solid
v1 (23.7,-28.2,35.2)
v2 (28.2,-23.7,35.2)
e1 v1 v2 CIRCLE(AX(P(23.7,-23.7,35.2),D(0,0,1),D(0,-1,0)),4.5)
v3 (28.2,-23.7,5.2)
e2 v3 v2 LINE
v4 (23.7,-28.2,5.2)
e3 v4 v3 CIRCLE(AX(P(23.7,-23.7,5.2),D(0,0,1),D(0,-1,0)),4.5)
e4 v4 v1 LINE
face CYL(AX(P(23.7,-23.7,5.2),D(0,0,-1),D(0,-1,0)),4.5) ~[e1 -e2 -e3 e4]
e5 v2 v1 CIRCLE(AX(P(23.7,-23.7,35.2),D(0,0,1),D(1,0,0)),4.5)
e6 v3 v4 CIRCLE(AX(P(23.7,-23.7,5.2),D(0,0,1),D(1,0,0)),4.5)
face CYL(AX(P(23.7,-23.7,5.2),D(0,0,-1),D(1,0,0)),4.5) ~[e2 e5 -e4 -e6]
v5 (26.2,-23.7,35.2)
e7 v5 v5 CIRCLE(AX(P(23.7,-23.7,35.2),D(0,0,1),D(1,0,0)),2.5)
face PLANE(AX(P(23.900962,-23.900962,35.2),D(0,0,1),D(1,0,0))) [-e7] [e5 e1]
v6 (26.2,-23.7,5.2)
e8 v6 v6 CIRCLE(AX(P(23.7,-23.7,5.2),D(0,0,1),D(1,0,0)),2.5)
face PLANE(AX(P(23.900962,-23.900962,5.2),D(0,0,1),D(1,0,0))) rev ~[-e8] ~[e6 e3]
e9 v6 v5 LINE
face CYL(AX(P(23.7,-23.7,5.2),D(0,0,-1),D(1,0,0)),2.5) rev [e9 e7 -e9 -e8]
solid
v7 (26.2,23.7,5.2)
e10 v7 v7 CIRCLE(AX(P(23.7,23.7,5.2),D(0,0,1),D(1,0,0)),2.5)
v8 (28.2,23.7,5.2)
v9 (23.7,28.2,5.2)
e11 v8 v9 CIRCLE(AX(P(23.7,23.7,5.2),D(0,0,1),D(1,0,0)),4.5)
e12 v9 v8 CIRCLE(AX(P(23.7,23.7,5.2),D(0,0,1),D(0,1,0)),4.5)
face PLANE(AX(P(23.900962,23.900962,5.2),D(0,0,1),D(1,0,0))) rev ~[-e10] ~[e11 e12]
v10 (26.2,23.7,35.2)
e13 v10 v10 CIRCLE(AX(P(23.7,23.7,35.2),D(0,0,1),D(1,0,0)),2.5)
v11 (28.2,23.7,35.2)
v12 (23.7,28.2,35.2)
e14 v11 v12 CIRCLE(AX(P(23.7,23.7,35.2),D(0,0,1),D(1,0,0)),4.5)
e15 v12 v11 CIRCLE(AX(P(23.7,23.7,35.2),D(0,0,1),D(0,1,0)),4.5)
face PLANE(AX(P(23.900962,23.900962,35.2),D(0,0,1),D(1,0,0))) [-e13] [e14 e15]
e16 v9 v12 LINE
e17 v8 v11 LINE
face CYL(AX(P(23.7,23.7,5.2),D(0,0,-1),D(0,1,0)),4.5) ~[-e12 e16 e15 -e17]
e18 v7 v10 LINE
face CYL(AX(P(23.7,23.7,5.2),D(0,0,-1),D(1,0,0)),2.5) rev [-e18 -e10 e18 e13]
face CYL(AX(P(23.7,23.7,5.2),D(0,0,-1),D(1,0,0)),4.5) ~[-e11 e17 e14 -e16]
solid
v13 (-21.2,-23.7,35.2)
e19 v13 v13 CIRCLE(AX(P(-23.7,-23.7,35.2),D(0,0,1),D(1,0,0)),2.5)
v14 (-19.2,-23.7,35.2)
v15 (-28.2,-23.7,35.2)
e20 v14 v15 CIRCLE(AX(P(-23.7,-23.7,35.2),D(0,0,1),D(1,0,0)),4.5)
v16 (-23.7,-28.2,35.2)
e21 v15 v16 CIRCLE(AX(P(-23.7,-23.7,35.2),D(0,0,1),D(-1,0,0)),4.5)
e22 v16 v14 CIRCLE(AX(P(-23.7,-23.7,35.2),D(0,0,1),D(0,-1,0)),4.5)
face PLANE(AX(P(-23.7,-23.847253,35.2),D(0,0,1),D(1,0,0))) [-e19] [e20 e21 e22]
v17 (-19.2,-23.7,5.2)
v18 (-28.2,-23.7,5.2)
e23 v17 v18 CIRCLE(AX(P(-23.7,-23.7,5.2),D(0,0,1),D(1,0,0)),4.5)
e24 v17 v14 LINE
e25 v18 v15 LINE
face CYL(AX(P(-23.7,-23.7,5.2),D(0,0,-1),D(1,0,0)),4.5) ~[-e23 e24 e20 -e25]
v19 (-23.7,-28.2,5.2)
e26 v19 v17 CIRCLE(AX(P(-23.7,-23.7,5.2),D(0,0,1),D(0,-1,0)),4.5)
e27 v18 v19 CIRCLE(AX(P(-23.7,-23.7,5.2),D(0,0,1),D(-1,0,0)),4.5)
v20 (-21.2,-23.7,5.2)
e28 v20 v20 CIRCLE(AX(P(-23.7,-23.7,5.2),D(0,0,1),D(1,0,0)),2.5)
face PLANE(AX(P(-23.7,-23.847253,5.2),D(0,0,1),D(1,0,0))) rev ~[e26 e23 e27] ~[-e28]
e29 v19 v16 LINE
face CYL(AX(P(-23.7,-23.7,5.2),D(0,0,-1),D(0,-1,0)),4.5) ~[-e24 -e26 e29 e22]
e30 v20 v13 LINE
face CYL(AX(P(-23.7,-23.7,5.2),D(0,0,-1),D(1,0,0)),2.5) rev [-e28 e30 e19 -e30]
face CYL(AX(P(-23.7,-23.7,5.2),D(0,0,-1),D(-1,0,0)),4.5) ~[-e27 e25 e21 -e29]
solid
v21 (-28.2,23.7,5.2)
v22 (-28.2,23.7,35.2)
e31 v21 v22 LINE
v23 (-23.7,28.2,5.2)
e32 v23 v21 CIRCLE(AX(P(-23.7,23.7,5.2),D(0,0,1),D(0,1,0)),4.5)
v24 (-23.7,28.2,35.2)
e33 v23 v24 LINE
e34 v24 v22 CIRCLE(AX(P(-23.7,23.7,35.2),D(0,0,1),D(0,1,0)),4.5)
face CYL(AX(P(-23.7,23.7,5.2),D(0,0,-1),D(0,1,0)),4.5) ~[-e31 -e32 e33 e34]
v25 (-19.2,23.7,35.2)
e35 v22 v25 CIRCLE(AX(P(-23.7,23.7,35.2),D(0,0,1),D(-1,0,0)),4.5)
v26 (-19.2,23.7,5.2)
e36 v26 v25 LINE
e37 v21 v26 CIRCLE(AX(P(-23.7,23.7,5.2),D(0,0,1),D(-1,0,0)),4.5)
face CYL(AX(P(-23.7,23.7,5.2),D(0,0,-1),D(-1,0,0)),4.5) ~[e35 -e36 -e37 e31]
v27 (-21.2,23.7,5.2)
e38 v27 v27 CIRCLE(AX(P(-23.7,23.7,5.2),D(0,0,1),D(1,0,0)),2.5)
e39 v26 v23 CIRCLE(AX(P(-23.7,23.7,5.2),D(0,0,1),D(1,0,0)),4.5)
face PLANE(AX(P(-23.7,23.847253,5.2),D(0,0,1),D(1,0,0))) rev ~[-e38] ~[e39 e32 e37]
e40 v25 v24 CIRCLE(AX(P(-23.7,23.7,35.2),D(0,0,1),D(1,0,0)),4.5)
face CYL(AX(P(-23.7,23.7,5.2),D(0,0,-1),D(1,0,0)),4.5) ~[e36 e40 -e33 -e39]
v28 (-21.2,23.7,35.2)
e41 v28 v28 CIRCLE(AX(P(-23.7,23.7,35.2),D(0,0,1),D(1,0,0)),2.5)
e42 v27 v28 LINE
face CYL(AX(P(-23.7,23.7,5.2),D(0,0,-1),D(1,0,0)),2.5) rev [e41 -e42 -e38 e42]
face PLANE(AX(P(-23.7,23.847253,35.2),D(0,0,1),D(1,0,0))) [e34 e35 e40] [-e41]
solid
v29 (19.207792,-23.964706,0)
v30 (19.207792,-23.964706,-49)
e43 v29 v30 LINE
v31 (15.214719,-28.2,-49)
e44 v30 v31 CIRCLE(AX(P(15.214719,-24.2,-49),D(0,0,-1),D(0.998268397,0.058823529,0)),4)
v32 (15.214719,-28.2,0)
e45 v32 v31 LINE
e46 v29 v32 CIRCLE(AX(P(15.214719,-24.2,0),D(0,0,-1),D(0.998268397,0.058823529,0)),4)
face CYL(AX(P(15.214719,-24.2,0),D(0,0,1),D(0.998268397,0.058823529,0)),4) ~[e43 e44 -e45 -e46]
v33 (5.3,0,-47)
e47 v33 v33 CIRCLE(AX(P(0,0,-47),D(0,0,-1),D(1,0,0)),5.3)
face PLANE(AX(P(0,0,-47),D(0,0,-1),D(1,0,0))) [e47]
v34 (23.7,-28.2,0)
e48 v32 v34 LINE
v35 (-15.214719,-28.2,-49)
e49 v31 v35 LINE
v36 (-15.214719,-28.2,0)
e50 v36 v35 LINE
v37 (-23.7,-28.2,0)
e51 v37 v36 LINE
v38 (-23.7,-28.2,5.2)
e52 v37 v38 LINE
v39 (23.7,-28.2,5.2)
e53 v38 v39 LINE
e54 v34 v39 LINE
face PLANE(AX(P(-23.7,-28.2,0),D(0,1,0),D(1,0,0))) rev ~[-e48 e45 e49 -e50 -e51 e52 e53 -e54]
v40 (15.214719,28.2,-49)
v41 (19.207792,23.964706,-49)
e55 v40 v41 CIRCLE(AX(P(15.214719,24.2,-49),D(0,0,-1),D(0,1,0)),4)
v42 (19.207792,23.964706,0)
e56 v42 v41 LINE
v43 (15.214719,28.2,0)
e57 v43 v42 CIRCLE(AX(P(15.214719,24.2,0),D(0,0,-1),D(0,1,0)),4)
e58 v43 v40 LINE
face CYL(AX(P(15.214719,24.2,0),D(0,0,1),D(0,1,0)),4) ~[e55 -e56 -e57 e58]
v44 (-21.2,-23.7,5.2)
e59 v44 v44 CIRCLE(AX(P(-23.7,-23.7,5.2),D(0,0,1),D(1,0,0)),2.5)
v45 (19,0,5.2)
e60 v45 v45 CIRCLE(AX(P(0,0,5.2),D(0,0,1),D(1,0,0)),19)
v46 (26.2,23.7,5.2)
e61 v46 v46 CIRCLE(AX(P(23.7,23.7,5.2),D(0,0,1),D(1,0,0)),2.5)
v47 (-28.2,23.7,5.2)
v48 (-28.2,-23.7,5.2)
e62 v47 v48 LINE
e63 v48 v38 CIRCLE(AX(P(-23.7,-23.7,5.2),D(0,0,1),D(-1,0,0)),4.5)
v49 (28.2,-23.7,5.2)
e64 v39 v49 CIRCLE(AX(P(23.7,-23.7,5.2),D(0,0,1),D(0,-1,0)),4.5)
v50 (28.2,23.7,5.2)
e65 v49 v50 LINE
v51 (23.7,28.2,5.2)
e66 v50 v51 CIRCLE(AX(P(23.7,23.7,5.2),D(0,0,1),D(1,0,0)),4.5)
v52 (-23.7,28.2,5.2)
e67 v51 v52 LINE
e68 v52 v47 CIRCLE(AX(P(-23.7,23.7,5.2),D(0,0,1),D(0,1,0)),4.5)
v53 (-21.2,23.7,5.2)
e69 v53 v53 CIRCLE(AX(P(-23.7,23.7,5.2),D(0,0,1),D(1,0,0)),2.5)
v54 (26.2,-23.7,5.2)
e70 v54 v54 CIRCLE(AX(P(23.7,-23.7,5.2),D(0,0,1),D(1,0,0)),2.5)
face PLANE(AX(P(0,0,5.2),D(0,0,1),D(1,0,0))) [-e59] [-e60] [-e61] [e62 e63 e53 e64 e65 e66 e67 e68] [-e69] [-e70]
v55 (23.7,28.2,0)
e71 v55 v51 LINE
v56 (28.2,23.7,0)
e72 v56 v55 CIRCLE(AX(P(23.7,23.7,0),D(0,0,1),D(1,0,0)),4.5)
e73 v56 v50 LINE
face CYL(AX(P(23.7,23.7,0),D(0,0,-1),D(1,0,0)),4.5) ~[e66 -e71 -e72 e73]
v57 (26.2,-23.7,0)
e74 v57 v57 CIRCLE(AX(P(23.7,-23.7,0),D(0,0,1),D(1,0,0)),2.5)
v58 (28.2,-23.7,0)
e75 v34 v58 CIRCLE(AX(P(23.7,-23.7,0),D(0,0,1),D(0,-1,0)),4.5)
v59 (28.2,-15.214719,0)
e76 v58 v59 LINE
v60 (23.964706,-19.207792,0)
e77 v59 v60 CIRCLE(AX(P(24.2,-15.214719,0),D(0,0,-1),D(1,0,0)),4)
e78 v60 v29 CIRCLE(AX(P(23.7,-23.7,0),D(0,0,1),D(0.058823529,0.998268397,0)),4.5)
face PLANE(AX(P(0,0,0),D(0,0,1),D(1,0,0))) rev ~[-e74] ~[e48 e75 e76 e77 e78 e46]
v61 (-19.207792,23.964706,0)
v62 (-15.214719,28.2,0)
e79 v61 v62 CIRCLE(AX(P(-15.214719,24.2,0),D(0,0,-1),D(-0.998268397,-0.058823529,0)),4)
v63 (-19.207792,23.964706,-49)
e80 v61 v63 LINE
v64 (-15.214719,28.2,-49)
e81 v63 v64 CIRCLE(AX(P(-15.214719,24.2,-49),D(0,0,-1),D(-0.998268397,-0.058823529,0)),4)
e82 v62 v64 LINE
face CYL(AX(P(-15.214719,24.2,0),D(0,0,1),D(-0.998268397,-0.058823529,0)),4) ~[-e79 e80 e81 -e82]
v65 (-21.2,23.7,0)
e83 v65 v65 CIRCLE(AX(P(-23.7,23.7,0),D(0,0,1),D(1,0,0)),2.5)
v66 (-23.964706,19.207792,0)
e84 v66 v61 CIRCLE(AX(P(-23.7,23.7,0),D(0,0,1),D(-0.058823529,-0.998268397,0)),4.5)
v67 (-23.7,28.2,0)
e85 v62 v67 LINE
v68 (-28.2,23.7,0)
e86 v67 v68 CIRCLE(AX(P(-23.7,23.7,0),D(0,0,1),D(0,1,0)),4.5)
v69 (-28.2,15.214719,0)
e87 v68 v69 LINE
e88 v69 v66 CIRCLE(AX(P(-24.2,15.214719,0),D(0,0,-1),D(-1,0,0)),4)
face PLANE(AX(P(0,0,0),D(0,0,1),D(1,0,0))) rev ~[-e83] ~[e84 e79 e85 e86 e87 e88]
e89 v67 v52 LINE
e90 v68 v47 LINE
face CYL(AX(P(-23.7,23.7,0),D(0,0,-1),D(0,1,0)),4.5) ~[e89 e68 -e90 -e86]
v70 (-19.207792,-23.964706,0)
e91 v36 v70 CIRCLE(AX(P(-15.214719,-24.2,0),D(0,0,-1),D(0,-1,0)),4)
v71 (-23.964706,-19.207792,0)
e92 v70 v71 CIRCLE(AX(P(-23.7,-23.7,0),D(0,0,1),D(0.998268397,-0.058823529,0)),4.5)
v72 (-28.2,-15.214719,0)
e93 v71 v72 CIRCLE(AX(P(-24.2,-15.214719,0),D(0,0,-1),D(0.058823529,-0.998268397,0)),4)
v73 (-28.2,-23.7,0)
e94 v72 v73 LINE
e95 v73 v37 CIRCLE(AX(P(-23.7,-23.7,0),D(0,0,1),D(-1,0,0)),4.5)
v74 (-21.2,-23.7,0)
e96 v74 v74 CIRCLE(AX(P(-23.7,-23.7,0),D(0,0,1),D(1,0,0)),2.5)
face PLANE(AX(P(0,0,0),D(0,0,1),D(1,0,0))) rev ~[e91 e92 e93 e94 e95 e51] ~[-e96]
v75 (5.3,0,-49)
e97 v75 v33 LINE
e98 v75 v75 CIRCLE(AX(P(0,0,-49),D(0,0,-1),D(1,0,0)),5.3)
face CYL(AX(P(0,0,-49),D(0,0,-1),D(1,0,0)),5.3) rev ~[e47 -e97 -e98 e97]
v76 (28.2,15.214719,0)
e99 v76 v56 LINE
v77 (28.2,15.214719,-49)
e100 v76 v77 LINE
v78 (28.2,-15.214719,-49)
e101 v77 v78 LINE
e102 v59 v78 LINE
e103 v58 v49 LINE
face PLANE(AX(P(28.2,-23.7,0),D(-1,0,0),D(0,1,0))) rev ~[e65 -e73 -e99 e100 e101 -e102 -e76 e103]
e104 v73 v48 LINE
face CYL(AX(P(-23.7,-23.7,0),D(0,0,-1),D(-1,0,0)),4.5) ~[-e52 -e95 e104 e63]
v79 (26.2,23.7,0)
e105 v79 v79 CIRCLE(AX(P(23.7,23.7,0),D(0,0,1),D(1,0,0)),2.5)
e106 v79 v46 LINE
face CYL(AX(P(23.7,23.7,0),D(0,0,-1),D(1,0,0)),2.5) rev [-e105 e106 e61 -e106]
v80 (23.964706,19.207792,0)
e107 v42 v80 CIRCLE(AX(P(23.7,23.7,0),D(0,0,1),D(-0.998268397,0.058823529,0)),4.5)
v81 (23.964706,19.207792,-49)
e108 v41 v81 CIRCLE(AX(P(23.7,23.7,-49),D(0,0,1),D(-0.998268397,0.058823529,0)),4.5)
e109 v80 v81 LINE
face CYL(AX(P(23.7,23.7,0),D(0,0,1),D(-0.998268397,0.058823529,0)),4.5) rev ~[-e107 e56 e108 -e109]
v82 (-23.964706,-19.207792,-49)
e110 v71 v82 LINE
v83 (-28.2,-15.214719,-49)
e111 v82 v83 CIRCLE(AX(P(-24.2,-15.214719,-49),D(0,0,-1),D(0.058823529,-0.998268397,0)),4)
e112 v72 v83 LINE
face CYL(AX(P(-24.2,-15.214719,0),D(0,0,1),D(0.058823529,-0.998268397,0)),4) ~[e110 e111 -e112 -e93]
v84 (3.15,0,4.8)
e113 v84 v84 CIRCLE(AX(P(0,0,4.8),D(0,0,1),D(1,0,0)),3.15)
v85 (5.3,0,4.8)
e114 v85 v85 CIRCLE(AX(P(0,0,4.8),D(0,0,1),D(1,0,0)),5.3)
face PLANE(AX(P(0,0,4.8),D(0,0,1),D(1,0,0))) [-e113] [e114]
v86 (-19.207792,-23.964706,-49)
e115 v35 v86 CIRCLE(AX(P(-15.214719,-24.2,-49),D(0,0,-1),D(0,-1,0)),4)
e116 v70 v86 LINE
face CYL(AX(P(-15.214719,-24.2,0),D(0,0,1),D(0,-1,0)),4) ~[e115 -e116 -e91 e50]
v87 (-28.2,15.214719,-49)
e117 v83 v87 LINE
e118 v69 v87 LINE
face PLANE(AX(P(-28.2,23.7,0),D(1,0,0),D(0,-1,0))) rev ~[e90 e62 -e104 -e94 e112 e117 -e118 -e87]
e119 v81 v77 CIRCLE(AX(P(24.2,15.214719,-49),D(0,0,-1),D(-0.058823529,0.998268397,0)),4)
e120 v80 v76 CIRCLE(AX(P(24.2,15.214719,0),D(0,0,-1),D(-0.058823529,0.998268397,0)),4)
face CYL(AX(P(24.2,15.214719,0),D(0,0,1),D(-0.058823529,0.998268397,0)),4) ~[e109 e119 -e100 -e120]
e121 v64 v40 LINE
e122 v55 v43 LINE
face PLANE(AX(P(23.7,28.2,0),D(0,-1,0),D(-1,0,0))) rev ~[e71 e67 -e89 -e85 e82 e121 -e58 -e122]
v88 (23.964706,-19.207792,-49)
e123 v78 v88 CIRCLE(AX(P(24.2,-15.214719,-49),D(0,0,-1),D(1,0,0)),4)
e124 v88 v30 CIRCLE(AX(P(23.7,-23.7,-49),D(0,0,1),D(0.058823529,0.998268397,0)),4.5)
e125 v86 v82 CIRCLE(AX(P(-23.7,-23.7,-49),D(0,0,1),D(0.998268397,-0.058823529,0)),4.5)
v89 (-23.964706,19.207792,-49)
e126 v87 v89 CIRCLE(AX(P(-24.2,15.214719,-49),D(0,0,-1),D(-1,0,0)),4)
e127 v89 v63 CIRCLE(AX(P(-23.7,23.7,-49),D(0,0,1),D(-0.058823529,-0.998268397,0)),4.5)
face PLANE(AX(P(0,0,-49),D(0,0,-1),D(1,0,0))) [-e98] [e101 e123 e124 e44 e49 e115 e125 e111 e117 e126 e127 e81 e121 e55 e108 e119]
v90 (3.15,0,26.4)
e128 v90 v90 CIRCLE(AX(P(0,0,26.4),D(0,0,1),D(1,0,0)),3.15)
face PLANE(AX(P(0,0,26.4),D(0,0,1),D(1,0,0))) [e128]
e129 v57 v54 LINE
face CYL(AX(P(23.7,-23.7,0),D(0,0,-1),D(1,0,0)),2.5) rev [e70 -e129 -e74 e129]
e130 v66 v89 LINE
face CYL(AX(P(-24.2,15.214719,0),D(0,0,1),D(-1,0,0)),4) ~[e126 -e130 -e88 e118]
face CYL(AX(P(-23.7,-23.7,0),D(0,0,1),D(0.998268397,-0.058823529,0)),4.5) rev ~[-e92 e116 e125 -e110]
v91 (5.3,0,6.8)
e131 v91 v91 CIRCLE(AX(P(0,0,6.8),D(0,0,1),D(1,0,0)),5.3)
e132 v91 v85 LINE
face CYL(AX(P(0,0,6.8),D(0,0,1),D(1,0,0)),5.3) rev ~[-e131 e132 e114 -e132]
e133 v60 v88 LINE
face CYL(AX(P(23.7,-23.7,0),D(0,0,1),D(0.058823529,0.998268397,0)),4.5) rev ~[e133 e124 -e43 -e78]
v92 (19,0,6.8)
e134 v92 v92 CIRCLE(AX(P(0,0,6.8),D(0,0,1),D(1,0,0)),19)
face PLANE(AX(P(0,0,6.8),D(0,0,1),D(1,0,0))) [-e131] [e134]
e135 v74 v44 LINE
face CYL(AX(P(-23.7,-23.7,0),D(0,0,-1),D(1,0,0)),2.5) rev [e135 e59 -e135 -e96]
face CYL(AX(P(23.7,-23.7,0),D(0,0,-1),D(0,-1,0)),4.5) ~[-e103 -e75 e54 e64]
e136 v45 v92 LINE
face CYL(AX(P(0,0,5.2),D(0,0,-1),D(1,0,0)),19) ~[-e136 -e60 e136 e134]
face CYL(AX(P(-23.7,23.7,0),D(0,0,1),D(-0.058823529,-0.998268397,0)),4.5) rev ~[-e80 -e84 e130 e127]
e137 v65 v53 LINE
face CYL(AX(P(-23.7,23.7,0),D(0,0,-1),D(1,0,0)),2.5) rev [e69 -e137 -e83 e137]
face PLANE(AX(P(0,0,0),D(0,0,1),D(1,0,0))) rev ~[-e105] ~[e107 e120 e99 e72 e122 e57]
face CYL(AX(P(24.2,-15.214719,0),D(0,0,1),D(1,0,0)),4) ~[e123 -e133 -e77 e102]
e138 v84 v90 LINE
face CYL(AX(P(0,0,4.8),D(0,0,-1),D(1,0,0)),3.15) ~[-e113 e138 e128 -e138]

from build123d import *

# Parameters (mm, degrees)
F0_R      = 2.5
F1_DEPTH  = 5.2
F3_DEPTH  = 49
F4_R      = 19
F5_DEPTH  = 1.6
F6_R      = 5.3
F8_DEPTH  = 2
F9_R      = 3.15
F10_DEPTH = 21.6
F7_R      = 5.3
F11_DEPTH = 2
F12_R     = 2.5
F13_DEPTH = 30


with BuildPart() as f1:
    # F0 (on Top) → F1 (new body)
    with BuildSketch(Plane.XY):
        with BuildLine():
            Line((23.7, 28.2), (-23.7, 28.2))
            ThreePointArc((-23.7, 28.2), (-26.8819805153, 26.8819805153), (-28.2, 23.7))
            Line((-28.2, 23.7), (-28.2, -23.7))
            ThreePointArc((-28.2, -23.7), (-26.8819805153, -26.8819805153), (-23.7, -28.2))
            Line((-23.7, -28.2), (23.7, -28.2))
            ThreePointArc((23.7, -28.2), (26.8819805153, -26.8819805153), (28.2, -23.7))
            Line((28.2, -23.7), (28.2, 23.7))
            ThreePointArc((28.2, 23.7), (26.8819805153, 26.8819805153), (23.7, 28.2))
        make_face()
        with Locations((-23.7, -23.7)):
            Circle(F0_R, mode=Mode.SUBTRACT)
        with Locations((23.7, -23.7)):
            Circle(F0_R, mode=Mode.SUBTRACT)
        with Locations((-23.7, 23.7)):
            Circle(F0_R, mode=Mode.SUBTRACT)
        with Locations((23.7, 23.7)):
            Circle(F0_R, mode=Mode.SUBTRACT)
    extrude(amount=F1_DEPTH)

    # F2 (on face) → F3 (join)
    with BuildSketch(Plane(origin=(0, 0, 0), x_dir=(1, 0, 0), z_dir=(0, 0, -1))):
        with BuildLine():
            ThreePointArc((-19.2077922136, -23.9647058824), (-18.1251461262, -26.9439773623), (-15.2147186258, -28.2))
            Line((-15.2147186258, -28.2), (15.2147186258, -28.2))
            ThreePointArc((15.2147186258, -28.2), (18.1251461262, -26.9439773623), (19.2077922136, -23.9647058824))
            ThreePointArc((19.2077922136, -23.9647058824), (20.5180194847, -20.5180194847), (23.9647058824, -19.2077922136))
            ThreePointArc((23.9647058824, -19.2077922136), (26.9439773623, -18.1251461262), (28.2, -15.2147186258))
            Line((28.2, -15.2147186258), (28.2, 15.2147186258))
            ThreePointArc((28.2, 15.2147186258), (26.9439773623, 18.1251461262), (23.9647058824, 19.2077922136))
            ThreePointArc((23.9647058824, 19.2077922136), (20.5180194847, 20.5180194847), (19.2077922136, 23.9647058824))
            ThreePointArc((19.2077922136, 23.9647058824), (18.1251461262, 26.9439773623), (15.2147186258, 28.2))
            Line((15.2147186258, 28.2), (-15.2147186258, 28.2))
            ThreePointArc((-15.2147186258, 28.2), (-18.1251461262, 26.9439773623), (-19.2077922136, 23.9647058824))
            ThreePointArc((-19.2077922136, 23.9647058824), (-20.5180194847, 20.5180194847), (-23.9647058824, 19.2077922136))
            ThreePointArc((-23.9647058824, 19.2077922136), (-26.9439773623, 18.1251461262), (-28.2, 15.2147186258))
            Line((-28.2, 15.2147186258), (-28.2, -15.2147186258))
            ThreePointArc((-28.2, -15.2147186258), (-26.9439773623, -18.1251461262), (-23.9647058824, -19.2077922136))
            ThreePointArc((-23.9647058824, -19.2077922136), (-20.5180194847, -20.5180194847), (-19.2077922136, -23.9647058824))
        make_face()
    extrude(amount=F3_DEPTH)

    # F4 (on face) → F5 (join)
    with BuildSketch(Plane.XY.offset(5.2)):
        Circle(F4_R)
    extrude(amount=F5_DEPTH)

    # F6 (on face) → F8 (cut)
    with BuildSketch(Plane.XY.offset(6.8)):
        Circle(F6_R)
    extrude(amount=-F8_DEPTH, mode=Mode.SUBTRACT)

    # F9 (on face) → F10 (join)
    with BuildSketch(Plane.XY.offset(4.8)):
        Circle(F9_R)
    extrude(amount=F10_DEPTH)

    # F7 (on face) → F11 (cut)
    with BuildSketch(Plane(origin=(0, 0, -49), x_dir=(1, 0, 0), z_dir=(0, 0, -1))):
        Circle(F7_R)
    extrude(amount=-F11_DEPTH, mode=Mode.SUBTRACT)


with BuildPart() as f13:
    # F12 (on face) → F13 (new body)
    with BuildSketch(Plane.XY.offset(5.2)):
        with BuildLine():
            ThreePointArc((23.7, -28.2), (26.8819805153, -26.8819805153), (28.2, -23.7))
            ThreePointArc((28.2, -23.7), (20.5180194847, -20.5180194847), (23.7, -28.2))
        make_face()
        with Locations((23.7, -23.7)):
            Circle(F12_R, mode=Mode.SUBTRACT)
    extrude(amount=F13_DEPTH)


with BuildPart() as f13b:
    # F12 (on face) → F13, piece 2 (new body)
    with BuildSketch(Plane.XY.offset(5.2)):
        with BuildLine():
            ThreePointArc((-19.2, -23.7), (-23.7, -19.2), (-28.2, -23.7))
            ThreePointArc((-28.2, -23.7), (-26.8819805153, -26.8819805153), (-23.7, -28.2))
            ThreePointArc((-23.7, -28.2), (-20.5180194847, -26.8819805153), (-19.2, -23.7))
        make_face()
        with Locations((-23.7, -23.7)):
            Circle(F12_R, mode=Mode.SUBTRACT)
    extrude(amount=F13_DEPTH)


with BuildPart() as f13c:
    # F12 (on face) → F13, piece 3 (new body)
    with BuildSketch(Plane.XY.offset(5.2)):
        with BuildLine():
            ThreePointArc((-28.2, 23.7), (-23.7, 19.2), (-19.2, 23.7))
            ThreePointArc((-19.2, 23.7), (-20.5180194847, 26.8819805153), (-23.7, 28.2))
            ThreePointArc((-23.7, 28.2), (-26.8819805153, 26.8819805153), (-28.2, 23.7))
        make_face()
        with Locations((-23.7, 23.7)):
            Circle(F12_R, mode=Mode.SUBTRACT)
    extrude(amount=F13_DEPTH)


with BuildPart() as f13d:
    # F12 (on face) → F13, piece 4 (new body)
    with BuildSketch(Plane.XY.offset(5.2)):
        with BuildLine():
            ThreePointArc((28.2, 23.7), (26.8819805153, 26.8819805153), (23.7, 28.2))
            ThreePointArc((23.7, 28.2), (20.5180194847, 20.5180194847), (28.2, 23.7))
        make_face()
        with Locations((23.7, 23.7)):
            Circle(F12_R, mode=Mode.SUBTRACT)
    extrude(amount=F13_DEPTH)


solid = Compound([f1.part, f13.part, f13b.part, f13c.part, f13d.part])
